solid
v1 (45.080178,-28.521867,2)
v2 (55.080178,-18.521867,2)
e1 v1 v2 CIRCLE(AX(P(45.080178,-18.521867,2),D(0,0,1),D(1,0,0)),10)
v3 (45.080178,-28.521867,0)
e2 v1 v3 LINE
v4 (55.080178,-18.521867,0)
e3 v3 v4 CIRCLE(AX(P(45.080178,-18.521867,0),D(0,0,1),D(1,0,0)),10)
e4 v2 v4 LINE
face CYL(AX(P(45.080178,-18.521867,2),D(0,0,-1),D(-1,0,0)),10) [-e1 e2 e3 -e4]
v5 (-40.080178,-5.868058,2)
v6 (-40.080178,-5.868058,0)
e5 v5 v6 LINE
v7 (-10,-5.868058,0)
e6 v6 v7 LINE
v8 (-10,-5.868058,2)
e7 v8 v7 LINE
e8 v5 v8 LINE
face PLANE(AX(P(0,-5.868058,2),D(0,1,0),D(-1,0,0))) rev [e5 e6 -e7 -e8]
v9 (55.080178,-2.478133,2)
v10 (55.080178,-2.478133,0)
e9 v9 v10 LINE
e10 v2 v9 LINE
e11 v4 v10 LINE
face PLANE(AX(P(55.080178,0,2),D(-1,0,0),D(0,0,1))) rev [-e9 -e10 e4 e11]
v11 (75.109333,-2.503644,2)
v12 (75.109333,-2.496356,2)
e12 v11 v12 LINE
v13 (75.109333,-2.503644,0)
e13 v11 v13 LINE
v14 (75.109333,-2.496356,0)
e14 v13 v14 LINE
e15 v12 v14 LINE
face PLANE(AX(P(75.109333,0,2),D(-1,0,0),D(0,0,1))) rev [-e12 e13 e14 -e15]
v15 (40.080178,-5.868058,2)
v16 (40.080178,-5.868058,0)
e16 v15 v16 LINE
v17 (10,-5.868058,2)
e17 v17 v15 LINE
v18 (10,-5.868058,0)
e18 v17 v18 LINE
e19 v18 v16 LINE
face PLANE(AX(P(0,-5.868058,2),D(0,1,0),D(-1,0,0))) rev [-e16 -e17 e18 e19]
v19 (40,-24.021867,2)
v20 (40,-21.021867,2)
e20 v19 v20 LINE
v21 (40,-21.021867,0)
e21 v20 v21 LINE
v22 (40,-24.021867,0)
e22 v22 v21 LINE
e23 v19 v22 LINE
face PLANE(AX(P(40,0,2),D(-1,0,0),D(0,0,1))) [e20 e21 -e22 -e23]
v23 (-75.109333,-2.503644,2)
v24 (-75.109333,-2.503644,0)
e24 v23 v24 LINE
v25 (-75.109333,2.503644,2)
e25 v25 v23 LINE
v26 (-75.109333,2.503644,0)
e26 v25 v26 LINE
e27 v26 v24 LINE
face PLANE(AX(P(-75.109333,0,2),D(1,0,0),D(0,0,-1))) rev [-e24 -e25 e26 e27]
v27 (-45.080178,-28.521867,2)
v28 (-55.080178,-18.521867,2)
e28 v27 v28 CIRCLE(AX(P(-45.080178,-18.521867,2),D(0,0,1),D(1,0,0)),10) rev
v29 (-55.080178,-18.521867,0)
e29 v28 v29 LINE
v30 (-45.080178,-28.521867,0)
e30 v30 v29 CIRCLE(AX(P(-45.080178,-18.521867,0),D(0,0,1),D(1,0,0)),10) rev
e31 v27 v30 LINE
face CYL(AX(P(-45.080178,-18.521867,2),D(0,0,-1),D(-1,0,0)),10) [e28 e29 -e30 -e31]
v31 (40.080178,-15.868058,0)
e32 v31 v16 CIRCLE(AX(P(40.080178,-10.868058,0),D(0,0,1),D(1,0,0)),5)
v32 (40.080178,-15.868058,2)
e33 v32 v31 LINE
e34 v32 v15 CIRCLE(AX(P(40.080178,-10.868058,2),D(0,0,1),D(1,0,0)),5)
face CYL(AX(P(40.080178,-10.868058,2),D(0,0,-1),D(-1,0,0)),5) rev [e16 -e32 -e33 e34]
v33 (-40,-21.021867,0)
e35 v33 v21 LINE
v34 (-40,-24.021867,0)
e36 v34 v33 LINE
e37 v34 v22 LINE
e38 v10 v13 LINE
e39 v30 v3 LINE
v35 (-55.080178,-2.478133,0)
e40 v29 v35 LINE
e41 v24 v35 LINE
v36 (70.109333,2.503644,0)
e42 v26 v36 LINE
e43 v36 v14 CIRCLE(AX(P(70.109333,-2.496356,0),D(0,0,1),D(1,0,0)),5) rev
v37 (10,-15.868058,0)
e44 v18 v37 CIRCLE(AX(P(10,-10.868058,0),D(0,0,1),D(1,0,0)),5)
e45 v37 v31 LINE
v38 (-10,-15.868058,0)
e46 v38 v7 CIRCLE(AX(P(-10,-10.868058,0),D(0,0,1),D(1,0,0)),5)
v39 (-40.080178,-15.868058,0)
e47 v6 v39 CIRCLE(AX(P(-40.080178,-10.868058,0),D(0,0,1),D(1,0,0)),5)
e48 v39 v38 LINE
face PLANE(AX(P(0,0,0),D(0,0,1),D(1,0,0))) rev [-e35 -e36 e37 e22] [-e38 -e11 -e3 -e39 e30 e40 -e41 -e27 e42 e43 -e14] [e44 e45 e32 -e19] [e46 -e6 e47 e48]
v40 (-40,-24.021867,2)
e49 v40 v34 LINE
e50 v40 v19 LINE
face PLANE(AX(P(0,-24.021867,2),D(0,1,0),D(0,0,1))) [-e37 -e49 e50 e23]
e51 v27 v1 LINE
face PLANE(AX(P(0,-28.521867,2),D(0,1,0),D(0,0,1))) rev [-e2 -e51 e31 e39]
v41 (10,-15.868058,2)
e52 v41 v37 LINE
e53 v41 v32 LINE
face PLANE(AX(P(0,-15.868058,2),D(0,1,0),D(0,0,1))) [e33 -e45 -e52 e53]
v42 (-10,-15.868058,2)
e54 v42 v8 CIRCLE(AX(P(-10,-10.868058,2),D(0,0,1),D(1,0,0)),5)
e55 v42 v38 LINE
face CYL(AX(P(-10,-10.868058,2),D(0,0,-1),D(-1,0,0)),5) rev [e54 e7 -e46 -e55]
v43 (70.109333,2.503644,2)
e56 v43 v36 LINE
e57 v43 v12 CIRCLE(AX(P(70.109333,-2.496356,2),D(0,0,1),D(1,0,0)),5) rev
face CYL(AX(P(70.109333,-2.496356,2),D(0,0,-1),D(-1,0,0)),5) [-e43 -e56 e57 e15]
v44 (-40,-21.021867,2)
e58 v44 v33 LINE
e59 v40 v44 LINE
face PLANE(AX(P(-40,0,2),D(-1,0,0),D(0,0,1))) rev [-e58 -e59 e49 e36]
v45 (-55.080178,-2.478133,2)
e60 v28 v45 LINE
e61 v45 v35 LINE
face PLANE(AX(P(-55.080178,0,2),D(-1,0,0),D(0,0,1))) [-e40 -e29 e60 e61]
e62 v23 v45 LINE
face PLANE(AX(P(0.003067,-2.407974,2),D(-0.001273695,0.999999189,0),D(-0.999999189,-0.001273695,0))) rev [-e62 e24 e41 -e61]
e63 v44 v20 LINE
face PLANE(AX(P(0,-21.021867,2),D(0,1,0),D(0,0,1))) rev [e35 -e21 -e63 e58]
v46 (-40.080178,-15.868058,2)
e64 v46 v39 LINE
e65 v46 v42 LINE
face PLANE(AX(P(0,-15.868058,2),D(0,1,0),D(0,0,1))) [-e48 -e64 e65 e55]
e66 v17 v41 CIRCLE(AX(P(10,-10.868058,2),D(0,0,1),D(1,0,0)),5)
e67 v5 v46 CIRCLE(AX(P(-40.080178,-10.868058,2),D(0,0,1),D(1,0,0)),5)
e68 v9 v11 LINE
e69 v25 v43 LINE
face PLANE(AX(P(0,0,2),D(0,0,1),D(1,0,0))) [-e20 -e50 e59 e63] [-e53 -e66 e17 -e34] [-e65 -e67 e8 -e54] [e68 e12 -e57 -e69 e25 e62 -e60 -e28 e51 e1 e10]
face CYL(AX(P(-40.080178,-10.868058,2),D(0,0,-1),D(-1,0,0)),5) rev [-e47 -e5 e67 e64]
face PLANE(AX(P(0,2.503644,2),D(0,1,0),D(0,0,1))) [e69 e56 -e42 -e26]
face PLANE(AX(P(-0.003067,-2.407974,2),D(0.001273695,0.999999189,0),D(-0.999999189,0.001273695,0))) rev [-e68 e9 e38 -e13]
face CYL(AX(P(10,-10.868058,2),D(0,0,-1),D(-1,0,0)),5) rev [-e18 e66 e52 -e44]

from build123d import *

# Parameters (mm, degrees)
SKETCH1_W           = 80
SKETCH1_H           = 3
BOSS_EXTRUDE1_DEPTH = 2


with BuildPart() as part:
    # Sketch1 → Boss-Extrude1 (new body)
    # profile 1 of 2: a face of its own
    with BuildSketch(Plane.XY):
        with BuildLine():
            Line((-75.109333092, -2.496355564), (-75.109333092, -2.503644436))
            Line((-75.109333092, -2.503644436), (-55.0801776, -2.478133382))
            Line((-55.0801776, -2.478133382), (-55.0801776, -18.521866618))
            ThreePointArc((-55.0801776, -18.521866618), (-52.151245412, -25.59293443), (-45.0801776, -28.521866618))
            Line((-45.0801776, -28.521866618), (45.0801776, -28.521866618))
            ThreePointArc((45.0801776, -28.521866618), (52.151245412, -25.59293443), (55.0801776, -18.521866618))
            Line((55.0801776, -18.521866618), (55.0801776, -2.478133382))
            Line((55.0801776, -2.478133382), (75.109333092, -2.503644436))
            Line((75.109333092, -2.503644436), (75.109333092, -2.496355564))
            ThreePointArc((75.109333092, -2.496355564), (73.644866997, 1.039178342), (70.109333092, 2.503644436))
            Line((70.109333092, 2.503644436), (-70.109333092, 2.503644436))
            Line((-70.109333092, 2.503644436), (-75.109333092, 2.503644436))
            Line((-75.109333092, 2.503644436), (-75.109333092, -2.496355564))
        make_face()
        with Locations((0, -22.521866618)):
            Rectangle(SKETCH1_W, SKETCH1_H, mode=Mode.SUBTRACT)
        with BuildLine():
            ThreePointArc((-40.0801776, -15.868057699), (-45.0801776, -10.868057699), (-40.0801776, -5.868057699))
            Line((-40.0801776, -5.868057699), (-10, -5.868057699))
            ThreePointArc((-10, -5.868057699), (-5, -10.868057699), (-10, -15.868057699))
            Line((-10, -15.868057699), (-40.0801776, -15.868057699))
        make_face(mode=Mode.SUBTRACT)
        with BuildLine():
            ThreePointArc((10, -15.868057699), (5, -10.868057699), (10, -5.868057699))
            Line((10, -5.868057699), (40.0801776, -5.868057699))
            ThreePointArc((40.0801776, -5.868057699), (45.0801776, -10.868057699), (40.0801776, -15.868057699))
            Line((40.0801776, -15.868057699), (10, -15.868057699))
        make_face(mode=Mode.SUBTRACT)
    # profile 2 of 2: a face of its own
    with BuildSketch(Plane.XY):
        with BuildLine():
            Line((-75.109333092, -2.496355564), (-75.109333092, -2.503644436))
            Line((-75.109333092, -2.503644436), (-55.0801776, -2.478133382))
            Line((-55.0801776, -2.478133382), (-55.0801776, -18.521866618))
            ThreePointArc((-55.0801776, -18.521866618), (-52.151245412, -25.59293443), (-45.0801776, -28.521866618))
            Line((-45.0801776, -28.521866618), (45.0801776, -28.521866618))
            ThreePointArc((45.0801776, -28.521866618), (52.151245412, -25.59293443), (55.0801776, -18.521866618))
            Line((55.0801776, -18.521866618), (55.0801776, -2.478133382))
            Line((55.0801776, -2.478133382), (75.109333092, -2.503644436))
            Line((75.109333092, -2.503644436), (75.109333092, -2.496355564))
            ThreePointArc((75.109333092, -2.496355564), (73.644866997, 1.039178342), (70.109333092, 2.503644436))
            Line((70.109333092, 2.503644436), (-70.109333092, 2.503644436))
            Line((-70.109333092, 2.503644436), (-75.109333092, 2.503644436))
            Line((-75.109333092, 2.503644436), (-75.109333092, -2.496355564))
        make_face()
        with Locations((0, -22.521866618)):
            Rectangle(SKETCH1_W, SKETCH1_H, mode=Mode.SUBTRACT)
        with BuildLine():
            ThreePointArc((-40.0801776, -15.868057699), (-45.0801776, -10.868057699), (-40.0801776, -5.868057699))
            Line((-40.0801776, -5.868057699), (-10, -5.868057699))
            ThreePointArc((-10, -5.868057699), (-5, -10.868057699), (-10, -15.868057699))
            Line((-10, -15.868057699), (-40.0801776, -15.868057699))
        make_face(mode=Mode.SUBTRACT)
        with BuildLine():
            ThreePointArc((10, -15.868057699), (5, -10.868057699), (10, -5.868057699))
            Line((10, -5.868057699), (40.0801776, -5.868057699))
            ThreePointArc((40.0801776, -5.868057699), (45.0801776, -10.868057699), (40.0801776, -15.868057699))
            Line((40.0801776, -15.868057699), (10, -15.868057699))
        make_face(mode=Mode.SUBTRACT)
    extrude(amount=BOSS_EXTRUDE1_DEPTH)


solid = part.part
